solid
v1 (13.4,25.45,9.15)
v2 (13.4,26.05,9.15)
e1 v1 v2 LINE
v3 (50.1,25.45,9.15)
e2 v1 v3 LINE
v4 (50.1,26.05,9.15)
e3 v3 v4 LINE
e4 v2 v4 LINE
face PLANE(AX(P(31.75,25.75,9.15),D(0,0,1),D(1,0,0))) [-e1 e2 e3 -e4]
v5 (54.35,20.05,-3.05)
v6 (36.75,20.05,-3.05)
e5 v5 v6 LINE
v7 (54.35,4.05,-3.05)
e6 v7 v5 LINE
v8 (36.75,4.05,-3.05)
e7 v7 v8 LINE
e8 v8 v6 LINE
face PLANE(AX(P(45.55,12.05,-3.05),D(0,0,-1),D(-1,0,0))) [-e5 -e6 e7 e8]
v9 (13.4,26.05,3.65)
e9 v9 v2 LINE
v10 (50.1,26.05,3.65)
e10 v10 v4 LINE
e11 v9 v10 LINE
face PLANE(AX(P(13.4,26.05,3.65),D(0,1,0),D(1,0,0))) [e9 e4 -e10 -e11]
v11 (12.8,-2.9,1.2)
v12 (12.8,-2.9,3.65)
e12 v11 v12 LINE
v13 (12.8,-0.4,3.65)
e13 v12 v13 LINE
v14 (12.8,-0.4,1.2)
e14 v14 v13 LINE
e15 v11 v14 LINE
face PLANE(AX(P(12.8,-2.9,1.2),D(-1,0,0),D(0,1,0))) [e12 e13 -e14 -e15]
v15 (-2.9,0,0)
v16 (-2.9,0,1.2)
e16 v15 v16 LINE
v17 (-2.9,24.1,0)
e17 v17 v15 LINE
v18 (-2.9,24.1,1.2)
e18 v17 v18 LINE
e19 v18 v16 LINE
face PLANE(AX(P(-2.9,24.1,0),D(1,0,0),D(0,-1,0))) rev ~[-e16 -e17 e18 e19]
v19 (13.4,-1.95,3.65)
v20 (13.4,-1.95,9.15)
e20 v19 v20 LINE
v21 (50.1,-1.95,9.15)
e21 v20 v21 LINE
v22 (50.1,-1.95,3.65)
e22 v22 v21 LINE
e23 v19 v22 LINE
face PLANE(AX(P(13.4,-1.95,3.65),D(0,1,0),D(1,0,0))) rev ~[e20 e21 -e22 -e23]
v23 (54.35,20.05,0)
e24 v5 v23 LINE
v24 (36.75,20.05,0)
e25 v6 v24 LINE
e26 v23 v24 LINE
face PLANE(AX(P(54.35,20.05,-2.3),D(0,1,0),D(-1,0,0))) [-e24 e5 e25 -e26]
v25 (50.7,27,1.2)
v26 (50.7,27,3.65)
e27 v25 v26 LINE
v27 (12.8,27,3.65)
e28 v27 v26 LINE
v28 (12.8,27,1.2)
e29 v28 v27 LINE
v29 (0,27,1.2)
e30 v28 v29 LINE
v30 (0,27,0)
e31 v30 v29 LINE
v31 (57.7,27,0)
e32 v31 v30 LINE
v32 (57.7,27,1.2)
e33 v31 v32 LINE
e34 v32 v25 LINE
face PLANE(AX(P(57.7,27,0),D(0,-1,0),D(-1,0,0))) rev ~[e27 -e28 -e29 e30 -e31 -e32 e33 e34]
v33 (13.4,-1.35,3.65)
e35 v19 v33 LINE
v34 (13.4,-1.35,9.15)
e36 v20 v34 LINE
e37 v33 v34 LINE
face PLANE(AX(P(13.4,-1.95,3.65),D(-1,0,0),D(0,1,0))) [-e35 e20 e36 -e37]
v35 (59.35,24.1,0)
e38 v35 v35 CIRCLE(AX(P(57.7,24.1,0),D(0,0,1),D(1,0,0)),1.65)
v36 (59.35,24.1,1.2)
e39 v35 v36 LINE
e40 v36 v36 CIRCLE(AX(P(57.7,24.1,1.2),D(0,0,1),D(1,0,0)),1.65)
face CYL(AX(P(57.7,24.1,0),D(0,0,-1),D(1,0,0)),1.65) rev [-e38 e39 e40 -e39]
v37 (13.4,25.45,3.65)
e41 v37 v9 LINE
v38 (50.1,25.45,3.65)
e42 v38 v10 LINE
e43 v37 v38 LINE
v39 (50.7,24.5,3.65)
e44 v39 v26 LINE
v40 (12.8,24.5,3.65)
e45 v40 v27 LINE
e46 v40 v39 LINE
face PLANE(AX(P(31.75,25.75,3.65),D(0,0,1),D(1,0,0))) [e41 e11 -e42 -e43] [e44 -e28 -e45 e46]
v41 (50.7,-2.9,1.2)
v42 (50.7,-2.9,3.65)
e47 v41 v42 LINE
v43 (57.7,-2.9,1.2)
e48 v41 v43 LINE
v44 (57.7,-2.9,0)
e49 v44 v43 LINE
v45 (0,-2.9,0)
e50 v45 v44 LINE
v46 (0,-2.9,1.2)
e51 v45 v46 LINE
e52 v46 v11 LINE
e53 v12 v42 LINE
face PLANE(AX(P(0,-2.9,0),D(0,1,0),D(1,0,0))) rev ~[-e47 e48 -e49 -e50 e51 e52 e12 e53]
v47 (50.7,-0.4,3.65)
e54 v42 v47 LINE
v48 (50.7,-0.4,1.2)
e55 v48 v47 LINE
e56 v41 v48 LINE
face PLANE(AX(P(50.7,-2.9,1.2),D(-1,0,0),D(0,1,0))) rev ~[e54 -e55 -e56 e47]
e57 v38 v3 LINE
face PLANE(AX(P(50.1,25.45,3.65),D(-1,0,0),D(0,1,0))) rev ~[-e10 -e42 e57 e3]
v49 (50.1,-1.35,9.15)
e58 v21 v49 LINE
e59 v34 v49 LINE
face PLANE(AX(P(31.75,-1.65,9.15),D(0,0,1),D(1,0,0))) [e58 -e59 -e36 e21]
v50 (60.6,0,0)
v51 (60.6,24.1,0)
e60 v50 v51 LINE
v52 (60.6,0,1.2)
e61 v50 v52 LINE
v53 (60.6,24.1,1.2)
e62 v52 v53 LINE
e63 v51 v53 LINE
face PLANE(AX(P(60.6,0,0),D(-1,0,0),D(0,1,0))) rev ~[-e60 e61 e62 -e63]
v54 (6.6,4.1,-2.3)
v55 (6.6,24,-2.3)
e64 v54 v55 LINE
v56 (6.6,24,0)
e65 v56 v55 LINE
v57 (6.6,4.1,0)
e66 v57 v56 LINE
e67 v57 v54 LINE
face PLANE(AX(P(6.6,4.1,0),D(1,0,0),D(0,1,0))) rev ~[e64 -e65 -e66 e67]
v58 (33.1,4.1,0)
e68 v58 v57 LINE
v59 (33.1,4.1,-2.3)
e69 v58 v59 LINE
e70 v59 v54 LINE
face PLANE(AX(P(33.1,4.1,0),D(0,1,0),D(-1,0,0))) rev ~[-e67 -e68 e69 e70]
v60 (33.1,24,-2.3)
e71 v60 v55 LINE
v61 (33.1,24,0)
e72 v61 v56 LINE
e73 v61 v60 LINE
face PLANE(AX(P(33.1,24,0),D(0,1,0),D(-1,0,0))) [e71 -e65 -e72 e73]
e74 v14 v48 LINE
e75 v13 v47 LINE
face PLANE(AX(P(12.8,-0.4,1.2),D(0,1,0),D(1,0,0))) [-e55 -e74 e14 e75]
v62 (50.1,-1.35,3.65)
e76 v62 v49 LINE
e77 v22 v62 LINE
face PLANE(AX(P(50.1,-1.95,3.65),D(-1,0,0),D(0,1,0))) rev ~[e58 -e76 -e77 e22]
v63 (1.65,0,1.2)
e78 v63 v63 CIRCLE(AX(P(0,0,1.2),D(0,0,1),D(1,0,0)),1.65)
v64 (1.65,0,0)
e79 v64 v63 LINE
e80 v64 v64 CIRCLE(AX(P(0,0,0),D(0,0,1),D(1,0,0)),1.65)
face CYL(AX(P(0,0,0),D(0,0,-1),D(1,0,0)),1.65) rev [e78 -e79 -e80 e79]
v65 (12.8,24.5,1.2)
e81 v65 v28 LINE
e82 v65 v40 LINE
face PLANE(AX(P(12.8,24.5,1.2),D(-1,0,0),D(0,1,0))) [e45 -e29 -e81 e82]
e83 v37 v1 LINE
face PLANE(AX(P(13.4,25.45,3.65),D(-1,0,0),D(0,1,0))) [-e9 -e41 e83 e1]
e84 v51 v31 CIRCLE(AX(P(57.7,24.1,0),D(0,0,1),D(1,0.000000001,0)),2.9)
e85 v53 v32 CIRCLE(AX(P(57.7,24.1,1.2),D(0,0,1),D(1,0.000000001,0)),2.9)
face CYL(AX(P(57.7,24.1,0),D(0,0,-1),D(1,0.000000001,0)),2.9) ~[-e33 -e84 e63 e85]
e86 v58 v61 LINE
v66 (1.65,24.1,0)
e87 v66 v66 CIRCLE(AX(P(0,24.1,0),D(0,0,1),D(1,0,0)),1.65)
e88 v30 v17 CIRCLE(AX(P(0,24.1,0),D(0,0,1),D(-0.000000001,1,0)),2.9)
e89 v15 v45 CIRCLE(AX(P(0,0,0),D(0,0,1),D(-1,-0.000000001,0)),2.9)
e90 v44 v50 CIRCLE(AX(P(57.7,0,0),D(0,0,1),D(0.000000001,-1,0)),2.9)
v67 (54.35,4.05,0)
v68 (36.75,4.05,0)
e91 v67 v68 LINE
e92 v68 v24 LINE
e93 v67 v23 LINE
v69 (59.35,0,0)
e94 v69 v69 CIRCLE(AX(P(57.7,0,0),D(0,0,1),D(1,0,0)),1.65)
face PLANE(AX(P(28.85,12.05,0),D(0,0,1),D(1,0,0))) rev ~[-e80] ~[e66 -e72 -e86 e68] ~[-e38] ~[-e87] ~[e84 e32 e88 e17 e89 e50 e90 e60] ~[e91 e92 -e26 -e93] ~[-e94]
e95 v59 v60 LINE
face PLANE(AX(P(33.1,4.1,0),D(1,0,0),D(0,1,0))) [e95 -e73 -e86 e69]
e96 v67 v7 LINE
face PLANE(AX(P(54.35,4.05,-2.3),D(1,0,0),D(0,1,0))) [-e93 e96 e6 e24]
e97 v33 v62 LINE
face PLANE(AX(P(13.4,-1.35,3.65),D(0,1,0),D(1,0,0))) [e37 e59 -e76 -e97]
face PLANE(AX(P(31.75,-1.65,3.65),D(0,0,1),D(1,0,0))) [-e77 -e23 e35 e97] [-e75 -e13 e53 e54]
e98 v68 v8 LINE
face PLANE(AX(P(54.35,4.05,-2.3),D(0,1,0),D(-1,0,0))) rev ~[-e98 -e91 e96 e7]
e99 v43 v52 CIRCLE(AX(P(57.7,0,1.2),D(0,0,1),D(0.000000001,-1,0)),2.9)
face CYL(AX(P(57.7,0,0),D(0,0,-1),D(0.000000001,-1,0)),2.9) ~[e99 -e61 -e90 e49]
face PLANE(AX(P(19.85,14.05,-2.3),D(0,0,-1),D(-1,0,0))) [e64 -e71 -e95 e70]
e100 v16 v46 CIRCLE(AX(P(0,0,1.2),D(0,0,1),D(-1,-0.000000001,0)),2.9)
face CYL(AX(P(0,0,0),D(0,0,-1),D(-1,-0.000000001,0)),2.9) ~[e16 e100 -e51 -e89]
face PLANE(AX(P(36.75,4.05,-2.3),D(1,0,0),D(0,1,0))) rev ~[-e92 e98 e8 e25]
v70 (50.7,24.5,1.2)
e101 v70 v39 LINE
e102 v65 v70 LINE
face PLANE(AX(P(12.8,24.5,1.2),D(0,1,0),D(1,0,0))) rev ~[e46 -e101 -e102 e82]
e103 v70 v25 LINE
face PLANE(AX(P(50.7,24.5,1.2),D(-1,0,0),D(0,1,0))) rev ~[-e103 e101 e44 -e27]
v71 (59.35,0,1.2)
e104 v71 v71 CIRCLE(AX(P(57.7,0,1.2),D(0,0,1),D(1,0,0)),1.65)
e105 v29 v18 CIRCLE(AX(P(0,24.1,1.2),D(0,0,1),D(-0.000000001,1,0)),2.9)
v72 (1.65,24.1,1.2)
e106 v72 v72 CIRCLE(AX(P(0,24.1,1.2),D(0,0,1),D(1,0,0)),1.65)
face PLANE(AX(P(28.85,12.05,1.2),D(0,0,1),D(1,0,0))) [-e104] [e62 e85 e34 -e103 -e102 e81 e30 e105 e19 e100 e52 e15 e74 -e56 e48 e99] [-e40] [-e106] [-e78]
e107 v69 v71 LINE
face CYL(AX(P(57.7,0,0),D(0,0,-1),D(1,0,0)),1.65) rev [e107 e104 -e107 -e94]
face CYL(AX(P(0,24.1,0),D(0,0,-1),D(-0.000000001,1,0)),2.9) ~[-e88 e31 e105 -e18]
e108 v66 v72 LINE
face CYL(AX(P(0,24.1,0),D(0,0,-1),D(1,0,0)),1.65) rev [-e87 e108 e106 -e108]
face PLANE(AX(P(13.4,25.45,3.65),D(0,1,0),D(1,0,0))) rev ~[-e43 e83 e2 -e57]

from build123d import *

# Parameters (mm, degrees)
SKETCH_1_R      = 1.65
EXTRUDE_1_DEPTH = 1.2
SKETCH_2_W      = 17.6
SKETCH_2_H      = 16
SKETCH_2_W_2    = 26.5
SKETCH_2_H_2    = 19.9
EXTRUDE_2_DEPTH = 2.3
SKETCH_3_W      = 17.6
SKETCH_3_H      = 16
EXTRUDE_3_DEPTH = 0.75
SKETCH_5_W      = 37.9
SKETCH_5_H      = 2.5
EXTRUDE_4_DEPTH = 2.45
SKETCH_6_W      = 36.7
SKETCH_6_H      = 0.6
EXTRUDE_5_DEPTH = 5.5


with BuildPart() as part:
    # 草图1 → 凸台-拉伸1 (new body)
    with BuildSketch(Plane.XY):
        with BuildLine():
            Line((0, -2.9), (57.7, -2.9))
            ThreePointArc((57.7, -2.9), (59.750609665, -2.050609665), (60.6, 0))
            Line((60.6, 0), (60.6, 24.1))
            ThreePointArc((60.6, 24.1), (59.750609665, 26.150609665), (57.7, 27))
            Line((57.7, 27), (0, 27))
            ThreePointArc((0, 27), (-2.050609665, 26.150609665), (-2.9, 24.1))
            Line((-2.9, 24.1), (-2.9, 0))
            ThreePointArc((-2.9, 0), (-2.050609665, -2.050609665), (0, -2.9))
        make_face()
        Circle(SKETCH_1_R, mode=Mode.SUBTRACT)
        with Locations((57.7, 0)):
            Circle(SKETCH_1_R, mode=Mode.SUBTRACT)
        with Locations((57.7, 24.1)):
            Circle(SKETCH_1_R, mode=Mode.SUBTRACT)
        with Locations((0, 24.1)):
            Circle(SKETCH_1_R, mode=Mode.SUBTRACT)
    extrude(amount=EXTRUDE_1_DEPTH)

    # 草图2 → 凸台-拉伸2 (add)
    with BuildSketch(Plane(origin=(0, 0, 0), x_dir=(-1, 0, 0), z_dir=(0, 0, -1))):
        with Locations((-45.55, 12.05)):
            Rectangle(SKETCH_2_W, SKETCH_2_H)
        with Locations((-19.85, 14.05)):
            Rectangle(SKETCH_2_W_2, SKETCH_2_H_2)
    extrude(amount=EXTRUDE_2_DEPTH)

    # 草图3 → 凸台-拉伸3 (add)
    with BuildSketch(Plane(origin=(0, 0, -2.3), x_dir=(-1, 0, 0), z_dir=(0, 0, -1))):
        with Locations((-45.55, 12.05)):
            Rectangle(SKETCH_3_W, SKETCH_3_H)
    extrude(amount=EXTRUDE_3_DEPTH)

    # 草图5 → 凸台-拉伸4 (add)
    with BuildSketch(Plane.XY.offset(1.2)):
        with Locations((31.75, 25.75)):
            Rectangle(SKETCH_5_W, SKETCH_5_H)
        with Locations((31.75, -1.65)):
            Rectangle(SKETCH_5_W, SKETCH_5_H)
    extrude(amount=EXTRUDE_4_DEPTH)

    # 草图6 → 凸台-拉伸5 (add)
    with BuildSketch(Plane.XY.offset(3.65)):
        with Locations((31.75, -1.65)):
            Rectangle(SKETCH_6_W, SKETCH_6_H)
        with Locations((31.75, 25.75)):
            Rectangle(SKETCH_6_W, SKETCH_6_H)
    extrude(amount=EXTRUDE_5_DEPTH)


solid = part.part
